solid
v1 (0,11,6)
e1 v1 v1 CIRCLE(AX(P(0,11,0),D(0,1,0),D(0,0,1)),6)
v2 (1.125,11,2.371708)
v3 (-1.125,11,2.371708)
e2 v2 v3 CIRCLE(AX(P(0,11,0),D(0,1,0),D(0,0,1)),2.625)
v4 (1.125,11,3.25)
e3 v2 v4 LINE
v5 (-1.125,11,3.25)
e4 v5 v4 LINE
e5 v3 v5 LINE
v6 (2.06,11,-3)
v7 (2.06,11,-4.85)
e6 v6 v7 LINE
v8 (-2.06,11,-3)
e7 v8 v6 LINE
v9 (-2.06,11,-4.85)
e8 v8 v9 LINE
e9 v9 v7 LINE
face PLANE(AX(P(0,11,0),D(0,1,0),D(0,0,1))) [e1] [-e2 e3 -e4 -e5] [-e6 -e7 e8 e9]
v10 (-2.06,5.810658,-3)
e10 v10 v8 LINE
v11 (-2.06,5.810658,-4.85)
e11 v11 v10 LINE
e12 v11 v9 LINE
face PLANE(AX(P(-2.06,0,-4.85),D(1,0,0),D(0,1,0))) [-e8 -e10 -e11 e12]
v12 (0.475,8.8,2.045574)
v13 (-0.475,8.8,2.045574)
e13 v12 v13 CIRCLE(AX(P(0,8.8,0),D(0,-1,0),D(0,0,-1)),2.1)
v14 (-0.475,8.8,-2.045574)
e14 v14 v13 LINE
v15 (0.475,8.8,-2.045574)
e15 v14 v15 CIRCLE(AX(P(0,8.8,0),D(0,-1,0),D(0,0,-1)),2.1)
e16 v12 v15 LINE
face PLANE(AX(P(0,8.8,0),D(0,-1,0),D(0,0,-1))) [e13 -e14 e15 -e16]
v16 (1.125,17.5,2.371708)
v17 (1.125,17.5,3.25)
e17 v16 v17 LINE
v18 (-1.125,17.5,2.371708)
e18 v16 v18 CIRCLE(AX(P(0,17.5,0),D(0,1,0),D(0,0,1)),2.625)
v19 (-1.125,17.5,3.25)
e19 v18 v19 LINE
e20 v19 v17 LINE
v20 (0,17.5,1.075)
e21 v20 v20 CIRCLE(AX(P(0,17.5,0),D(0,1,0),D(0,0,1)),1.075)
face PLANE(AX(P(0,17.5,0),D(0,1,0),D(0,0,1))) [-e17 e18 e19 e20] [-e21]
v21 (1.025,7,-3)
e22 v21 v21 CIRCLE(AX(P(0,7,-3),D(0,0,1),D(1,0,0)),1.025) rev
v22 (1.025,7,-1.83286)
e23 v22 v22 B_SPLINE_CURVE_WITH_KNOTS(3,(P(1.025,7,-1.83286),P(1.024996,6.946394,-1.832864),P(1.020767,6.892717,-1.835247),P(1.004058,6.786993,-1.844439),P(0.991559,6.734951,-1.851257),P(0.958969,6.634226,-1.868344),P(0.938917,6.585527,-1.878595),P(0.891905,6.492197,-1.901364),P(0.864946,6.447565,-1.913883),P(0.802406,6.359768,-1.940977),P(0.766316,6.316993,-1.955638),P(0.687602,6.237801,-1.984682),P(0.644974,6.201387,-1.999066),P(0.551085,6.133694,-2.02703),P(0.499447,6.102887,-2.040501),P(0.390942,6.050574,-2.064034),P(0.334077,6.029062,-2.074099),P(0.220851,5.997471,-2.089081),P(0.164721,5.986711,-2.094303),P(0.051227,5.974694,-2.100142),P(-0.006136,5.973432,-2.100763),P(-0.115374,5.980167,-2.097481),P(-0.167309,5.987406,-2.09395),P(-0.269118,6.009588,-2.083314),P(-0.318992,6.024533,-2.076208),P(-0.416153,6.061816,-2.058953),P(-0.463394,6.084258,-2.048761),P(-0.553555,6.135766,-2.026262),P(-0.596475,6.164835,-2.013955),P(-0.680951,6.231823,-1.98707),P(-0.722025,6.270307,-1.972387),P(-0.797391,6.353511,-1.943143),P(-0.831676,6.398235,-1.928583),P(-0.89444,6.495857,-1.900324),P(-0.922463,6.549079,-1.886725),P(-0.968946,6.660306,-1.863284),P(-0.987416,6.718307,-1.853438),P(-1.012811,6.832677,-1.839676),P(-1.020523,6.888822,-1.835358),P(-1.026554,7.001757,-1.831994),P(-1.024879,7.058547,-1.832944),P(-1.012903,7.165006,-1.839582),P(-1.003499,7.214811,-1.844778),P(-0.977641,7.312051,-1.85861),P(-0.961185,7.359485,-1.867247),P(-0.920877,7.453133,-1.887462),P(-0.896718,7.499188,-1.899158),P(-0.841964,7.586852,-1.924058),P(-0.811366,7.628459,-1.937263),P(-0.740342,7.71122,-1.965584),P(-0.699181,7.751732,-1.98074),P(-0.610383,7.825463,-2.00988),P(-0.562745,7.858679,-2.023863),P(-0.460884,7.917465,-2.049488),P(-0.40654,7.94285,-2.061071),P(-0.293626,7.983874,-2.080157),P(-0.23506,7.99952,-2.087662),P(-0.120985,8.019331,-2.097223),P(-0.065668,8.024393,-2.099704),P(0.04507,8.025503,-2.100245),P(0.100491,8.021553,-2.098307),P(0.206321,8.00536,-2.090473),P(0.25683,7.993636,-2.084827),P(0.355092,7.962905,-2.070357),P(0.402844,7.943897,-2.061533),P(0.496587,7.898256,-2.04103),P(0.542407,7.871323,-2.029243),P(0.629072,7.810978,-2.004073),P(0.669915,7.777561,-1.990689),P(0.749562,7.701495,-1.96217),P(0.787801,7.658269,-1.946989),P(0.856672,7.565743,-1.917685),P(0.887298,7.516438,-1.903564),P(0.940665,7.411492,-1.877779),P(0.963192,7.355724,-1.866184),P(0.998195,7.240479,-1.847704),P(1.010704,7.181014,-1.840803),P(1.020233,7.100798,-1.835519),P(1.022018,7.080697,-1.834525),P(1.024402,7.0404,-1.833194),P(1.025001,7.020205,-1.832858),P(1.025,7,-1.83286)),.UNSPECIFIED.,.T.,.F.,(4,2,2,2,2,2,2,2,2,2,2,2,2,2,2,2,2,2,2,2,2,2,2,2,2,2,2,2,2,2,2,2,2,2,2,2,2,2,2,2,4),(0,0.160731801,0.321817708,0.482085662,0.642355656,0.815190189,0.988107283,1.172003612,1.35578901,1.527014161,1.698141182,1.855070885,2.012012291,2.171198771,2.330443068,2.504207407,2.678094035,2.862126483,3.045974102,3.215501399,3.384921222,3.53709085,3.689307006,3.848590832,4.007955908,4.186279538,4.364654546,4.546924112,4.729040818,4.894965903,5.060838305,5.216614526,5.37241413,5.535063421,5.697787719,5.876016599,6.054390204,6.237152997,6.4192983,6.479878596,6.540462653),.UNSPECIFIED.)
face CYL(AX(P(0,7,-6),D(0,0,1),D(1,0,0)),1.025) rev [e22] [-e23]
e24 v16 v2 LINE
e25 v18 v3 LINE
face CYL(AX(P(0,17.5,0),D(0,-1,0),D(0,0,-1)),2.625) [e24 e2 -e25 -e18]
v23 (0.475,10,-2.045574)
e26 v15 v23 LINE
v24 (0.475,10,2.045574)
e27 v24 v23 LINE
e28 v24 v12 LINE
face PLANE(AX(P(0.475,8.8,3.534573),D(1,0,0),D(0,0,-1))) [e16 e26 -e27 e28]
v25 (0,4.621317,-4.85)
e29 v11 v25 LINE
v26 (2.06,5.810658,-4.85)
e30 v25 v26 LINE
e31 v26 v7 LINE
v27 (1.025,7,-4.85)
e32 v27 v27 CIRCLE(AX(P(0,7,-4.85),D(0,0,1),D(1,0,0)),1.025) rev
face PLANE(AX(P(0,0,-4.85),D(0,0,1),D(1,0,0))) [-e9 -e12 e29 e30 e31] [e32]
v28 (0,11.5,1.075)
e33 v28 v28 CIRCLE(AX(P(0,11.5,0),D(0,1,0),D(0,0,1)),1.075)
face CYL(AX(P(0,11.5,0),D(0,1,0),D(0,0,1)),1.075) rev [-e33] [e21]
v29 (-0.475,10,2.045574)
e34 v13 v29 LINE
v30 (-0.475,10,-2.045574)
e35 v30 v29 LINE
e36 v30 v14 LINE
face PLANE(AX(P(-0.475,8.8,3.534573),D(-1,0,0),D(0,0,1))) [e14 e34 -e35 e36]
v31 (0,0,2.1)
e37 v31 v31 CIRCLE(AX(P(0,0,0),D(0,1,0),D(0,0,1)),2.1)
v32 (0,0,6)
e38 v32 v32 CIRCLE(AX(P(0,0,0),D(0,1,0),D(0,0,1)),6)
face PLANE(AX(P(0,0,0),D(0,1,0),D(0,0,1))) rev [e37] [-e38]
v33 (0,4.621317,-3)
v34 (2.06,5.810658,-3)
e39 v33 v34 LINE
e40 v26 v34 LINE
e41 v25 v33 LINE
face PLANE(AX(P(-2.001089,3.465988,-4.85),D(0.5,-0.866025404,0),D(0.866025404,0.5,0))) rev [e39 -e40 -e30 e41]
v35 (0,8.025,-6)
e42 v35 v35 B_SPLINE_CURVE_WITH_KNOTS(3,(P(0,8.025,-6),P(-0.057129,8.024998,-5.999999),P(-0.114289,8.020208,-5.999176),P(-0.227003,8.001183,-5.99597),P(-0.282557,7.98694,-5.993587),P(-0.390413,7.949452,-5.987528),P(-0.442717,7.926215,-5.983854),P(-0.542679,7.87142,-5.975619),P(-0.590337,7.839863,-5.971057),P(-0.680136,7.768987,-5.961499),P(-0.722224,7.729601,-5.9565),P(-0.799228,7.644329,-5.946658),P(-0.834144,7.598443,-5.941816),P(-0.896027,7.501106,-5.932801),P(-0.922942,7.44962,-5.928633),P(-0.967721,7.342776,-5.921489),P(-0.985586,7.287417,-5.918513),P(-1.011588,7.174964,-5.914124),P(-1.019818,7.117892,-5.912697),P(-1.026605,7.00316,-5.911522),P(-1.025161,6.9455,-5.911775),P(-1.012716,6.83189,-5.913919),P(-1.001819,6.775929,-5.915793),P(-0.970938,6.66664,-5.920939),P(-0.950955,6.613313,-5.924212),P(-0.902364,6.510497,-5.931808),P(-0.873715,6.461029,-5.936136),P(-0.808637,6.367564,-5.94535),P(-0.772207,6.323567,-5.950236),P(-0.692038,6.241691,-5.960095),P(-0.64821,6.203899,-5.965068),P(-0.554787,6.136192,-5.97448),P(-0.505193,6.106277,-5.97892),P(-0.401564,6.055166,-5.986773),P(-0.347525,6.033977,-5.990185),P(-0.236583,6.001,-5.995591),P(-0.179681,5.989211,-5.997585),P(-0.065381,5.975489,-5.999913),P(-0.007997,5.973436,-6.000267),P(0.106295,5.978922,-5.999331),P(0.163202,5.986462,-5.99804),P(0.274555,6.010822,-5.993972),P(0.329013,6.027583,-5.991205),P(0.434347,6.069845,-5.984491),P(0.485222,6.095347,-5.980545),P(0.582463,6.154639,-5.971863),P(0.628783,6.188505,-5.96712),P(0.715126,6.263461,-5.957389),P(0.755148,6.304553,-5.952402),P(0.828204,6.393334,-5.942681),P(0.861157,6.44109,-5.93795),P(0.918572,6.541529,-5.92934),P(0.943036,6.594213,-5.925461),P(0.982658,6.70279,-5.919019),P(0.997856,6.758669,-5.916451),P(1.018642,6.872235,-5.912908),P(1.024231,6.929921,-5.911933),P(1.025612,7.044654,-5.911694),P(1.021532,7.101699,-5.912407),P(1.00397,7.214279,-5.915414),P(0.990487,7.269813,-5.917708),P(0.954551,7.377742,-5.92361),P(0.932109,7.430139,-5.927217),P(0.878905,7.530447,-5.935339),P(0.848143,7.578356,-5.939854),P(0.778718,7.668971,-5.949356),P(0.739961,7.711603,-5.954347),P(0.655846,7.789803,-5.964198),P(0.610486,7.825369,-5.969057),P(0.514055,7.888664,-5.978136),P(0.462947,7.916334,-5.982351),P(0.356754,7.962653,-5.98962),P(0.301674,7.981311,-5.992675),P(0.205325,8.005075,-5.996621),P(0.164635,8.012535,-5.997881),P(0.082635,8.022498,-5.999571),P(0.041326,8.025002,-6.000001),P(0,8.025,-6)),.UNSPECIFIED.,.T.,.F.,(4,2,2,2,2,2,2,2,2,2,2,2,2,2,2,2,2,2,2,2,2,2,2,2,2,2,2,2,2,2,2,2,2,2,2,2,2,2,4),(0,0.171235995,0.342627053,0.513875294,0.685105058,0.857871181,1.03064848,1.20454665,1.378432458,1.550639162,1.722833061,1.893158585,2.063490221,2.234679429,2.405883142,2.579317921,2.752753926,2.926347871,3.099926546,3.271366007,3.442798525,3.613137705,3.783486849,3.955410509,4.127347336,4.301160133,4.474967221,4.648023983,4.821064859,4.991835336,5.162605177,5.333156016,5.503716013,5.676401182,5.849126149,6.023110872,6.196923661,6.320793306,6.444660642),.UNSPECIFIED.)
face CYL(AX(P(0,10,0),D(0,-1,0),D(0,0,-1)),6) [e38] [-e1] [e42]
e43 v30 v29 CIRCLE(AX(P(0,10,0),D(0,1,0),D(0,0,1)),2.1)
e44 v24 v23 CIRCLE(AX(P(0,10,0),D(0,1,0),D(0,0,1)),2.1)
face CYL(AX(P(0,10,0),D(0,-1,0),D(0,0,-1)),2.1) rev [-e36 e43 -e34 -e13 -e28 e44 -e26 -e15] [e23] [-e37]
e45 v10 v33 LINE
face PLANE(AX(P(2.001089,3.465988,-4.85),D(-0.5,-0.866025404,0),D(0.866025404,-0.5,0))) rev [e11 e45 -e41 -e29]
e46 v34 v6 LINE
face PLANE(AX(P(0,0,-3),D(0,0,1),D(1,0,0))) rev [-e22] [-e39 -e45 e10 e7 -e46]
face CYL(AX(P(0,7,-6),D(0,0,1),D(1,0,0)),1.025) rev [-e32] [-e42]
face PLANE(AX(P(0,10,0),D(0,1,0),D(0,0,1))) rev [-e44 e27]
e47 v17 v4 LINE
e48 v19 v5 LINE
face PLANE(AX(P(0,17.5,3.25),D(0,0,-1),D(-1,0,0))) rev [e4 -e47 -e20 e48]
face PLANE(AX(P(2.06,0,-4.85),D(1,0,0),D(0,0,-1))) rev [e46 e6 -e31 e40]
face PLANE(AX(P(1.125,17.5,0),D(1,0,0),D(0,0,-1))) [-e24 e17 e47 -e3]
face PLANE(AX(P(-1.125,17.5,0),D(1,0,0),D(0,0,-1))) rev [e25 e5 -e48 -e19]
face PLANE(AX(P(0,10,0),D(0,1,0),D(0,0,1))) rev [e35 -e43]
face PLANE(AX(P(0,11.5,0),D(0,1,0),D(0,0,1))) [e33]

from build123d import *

# Parameters (mm, degrees)
SKETCH1_R           = 6
BOSS_EXTRUDE1_DEPTH = 10
SKETCH2_R           = 1.025
CUT_EXTRUDE1_DEPTH  = 7
SKETCH4_R           = 2.1
CUT_EXTRUDE4_DEPTH  = 11.0000001
SKETCH5_W           = 0.95
SKETCH5_H           = 7.069146706
BOSS_EXTRUDE2_DEPTH = 1.2
SKETCH7_R           = 6
BOSS_EXTRUDE3_DEPTH = 1
SKETCH8_R           = 2.625
SKETCH8_W           = 2.25
SKETCH8_H           = 1.25
BOSS_EXTRUDE4_DEPTH = 6.5
SKETCH9_R           = 1.075
CUT_EXTRUDE5_DEPTH  = 6
CUT_EXTRUDE2_START  = -3
CUT_EXTRUDE2_DEPTH  = 1.85


with BuildPart() as part:
    # Sketch1 → Boss-Extrude1 (new body)
    with BuildSketch(Plane(origin=(0, 0, 0), x_dir=(1, 0, 0), z_dir=(0, 1, 0))):
        Circle(SKETCH1_R)
    extrude(amount=BOSS_EXTRUDE1_DEPTH)

    # Sketch2 → Cut-Extrude1 (cut, through all)
    with BuildSketch(Plane.XY):
        with Locations((0, 7)):
            Circle(SKETCH2_R)
    extrude(amount=-CUT_EXTRUDE1_DEPTH, mode=Mode.SUBTRACT)

    # Sketch4 → Cut-Extrude4 (cut, through all)
    with BuildSketch(Plane(origin=(0, 0, 0), x_dir=(1, 0, 0), z_dir=(0, 1, 0))):
        Circle(SKETCH4_R)
    extrude(amount=CUT_EXTRUDE4_DEPTH, mode=Mode.SUBTRACT)

    # Sketch5 → Boss-Extrude2 (add)
    with BuildSketch(Plane(origin=(0, 10, 0), x_dir=(1, 0, 0), z_dir=(0, 1, 0))):
        Rectangle(SKETCH5_W, SKETCH5_H)
    extrude(amount=-BOSS_EXTRUDE2_DEPTH)

    # Sketch7 → Boss-Extrude3 (add)
    with BuildSketch(Plane(origin=(0, 10, 0), x_dir=(1, 0, 0), z_dir=(0, 1, 0))):
        Circle(SKETCH7_R)
    extrude(amount=BOSS_EXTRUDE3_DEPTH)

    # Sketch8 → Boss-Extrude4 (add)
    with BuildSketch(Plane(origin=(0, 11, 0), x_dir=(1, 0, 0), z_dir=(0, 1, 0))):
        Circle(SKETCH8_R)
        with Locations((0, -2.625)):
            Rectangle(SKETCH8_W, SKETCH8_H)
    extrude(amount=BOSS_EXTRUDE4_DEPTH)

    # Sketch9 → Cut-Extrude5 (cut)
    with BuildSketch(Plane(origin=(0, 17.5, 0), x_dir=(1, 0, 0), z_dir=(0, 1, 0))):
        Circle(SKETCH9_R)
    extrude(amount=-CUT_EXTRUDE5_DEPTH, mode=Mode.SUBTRACT)

    # Sketch3 → Cut-Extrude2 (cut)
    with BuildSketch(Plane.XY.offset(CUT_EXTRUDE2_START)):
        Polygon((0, 4.621316891), (2.06, 5.810658445), (2.06, 8.189341555), (2.06, 11.363105915), (-2.06, 11.363105915), (-2.06, 8.189341555), (-2.06, 5.810658445), align=None)
    extrude(amount=-CUT_EXTRUDE2_DEPTH, mode=Mode.SUBTRACT)


solid = part.part
